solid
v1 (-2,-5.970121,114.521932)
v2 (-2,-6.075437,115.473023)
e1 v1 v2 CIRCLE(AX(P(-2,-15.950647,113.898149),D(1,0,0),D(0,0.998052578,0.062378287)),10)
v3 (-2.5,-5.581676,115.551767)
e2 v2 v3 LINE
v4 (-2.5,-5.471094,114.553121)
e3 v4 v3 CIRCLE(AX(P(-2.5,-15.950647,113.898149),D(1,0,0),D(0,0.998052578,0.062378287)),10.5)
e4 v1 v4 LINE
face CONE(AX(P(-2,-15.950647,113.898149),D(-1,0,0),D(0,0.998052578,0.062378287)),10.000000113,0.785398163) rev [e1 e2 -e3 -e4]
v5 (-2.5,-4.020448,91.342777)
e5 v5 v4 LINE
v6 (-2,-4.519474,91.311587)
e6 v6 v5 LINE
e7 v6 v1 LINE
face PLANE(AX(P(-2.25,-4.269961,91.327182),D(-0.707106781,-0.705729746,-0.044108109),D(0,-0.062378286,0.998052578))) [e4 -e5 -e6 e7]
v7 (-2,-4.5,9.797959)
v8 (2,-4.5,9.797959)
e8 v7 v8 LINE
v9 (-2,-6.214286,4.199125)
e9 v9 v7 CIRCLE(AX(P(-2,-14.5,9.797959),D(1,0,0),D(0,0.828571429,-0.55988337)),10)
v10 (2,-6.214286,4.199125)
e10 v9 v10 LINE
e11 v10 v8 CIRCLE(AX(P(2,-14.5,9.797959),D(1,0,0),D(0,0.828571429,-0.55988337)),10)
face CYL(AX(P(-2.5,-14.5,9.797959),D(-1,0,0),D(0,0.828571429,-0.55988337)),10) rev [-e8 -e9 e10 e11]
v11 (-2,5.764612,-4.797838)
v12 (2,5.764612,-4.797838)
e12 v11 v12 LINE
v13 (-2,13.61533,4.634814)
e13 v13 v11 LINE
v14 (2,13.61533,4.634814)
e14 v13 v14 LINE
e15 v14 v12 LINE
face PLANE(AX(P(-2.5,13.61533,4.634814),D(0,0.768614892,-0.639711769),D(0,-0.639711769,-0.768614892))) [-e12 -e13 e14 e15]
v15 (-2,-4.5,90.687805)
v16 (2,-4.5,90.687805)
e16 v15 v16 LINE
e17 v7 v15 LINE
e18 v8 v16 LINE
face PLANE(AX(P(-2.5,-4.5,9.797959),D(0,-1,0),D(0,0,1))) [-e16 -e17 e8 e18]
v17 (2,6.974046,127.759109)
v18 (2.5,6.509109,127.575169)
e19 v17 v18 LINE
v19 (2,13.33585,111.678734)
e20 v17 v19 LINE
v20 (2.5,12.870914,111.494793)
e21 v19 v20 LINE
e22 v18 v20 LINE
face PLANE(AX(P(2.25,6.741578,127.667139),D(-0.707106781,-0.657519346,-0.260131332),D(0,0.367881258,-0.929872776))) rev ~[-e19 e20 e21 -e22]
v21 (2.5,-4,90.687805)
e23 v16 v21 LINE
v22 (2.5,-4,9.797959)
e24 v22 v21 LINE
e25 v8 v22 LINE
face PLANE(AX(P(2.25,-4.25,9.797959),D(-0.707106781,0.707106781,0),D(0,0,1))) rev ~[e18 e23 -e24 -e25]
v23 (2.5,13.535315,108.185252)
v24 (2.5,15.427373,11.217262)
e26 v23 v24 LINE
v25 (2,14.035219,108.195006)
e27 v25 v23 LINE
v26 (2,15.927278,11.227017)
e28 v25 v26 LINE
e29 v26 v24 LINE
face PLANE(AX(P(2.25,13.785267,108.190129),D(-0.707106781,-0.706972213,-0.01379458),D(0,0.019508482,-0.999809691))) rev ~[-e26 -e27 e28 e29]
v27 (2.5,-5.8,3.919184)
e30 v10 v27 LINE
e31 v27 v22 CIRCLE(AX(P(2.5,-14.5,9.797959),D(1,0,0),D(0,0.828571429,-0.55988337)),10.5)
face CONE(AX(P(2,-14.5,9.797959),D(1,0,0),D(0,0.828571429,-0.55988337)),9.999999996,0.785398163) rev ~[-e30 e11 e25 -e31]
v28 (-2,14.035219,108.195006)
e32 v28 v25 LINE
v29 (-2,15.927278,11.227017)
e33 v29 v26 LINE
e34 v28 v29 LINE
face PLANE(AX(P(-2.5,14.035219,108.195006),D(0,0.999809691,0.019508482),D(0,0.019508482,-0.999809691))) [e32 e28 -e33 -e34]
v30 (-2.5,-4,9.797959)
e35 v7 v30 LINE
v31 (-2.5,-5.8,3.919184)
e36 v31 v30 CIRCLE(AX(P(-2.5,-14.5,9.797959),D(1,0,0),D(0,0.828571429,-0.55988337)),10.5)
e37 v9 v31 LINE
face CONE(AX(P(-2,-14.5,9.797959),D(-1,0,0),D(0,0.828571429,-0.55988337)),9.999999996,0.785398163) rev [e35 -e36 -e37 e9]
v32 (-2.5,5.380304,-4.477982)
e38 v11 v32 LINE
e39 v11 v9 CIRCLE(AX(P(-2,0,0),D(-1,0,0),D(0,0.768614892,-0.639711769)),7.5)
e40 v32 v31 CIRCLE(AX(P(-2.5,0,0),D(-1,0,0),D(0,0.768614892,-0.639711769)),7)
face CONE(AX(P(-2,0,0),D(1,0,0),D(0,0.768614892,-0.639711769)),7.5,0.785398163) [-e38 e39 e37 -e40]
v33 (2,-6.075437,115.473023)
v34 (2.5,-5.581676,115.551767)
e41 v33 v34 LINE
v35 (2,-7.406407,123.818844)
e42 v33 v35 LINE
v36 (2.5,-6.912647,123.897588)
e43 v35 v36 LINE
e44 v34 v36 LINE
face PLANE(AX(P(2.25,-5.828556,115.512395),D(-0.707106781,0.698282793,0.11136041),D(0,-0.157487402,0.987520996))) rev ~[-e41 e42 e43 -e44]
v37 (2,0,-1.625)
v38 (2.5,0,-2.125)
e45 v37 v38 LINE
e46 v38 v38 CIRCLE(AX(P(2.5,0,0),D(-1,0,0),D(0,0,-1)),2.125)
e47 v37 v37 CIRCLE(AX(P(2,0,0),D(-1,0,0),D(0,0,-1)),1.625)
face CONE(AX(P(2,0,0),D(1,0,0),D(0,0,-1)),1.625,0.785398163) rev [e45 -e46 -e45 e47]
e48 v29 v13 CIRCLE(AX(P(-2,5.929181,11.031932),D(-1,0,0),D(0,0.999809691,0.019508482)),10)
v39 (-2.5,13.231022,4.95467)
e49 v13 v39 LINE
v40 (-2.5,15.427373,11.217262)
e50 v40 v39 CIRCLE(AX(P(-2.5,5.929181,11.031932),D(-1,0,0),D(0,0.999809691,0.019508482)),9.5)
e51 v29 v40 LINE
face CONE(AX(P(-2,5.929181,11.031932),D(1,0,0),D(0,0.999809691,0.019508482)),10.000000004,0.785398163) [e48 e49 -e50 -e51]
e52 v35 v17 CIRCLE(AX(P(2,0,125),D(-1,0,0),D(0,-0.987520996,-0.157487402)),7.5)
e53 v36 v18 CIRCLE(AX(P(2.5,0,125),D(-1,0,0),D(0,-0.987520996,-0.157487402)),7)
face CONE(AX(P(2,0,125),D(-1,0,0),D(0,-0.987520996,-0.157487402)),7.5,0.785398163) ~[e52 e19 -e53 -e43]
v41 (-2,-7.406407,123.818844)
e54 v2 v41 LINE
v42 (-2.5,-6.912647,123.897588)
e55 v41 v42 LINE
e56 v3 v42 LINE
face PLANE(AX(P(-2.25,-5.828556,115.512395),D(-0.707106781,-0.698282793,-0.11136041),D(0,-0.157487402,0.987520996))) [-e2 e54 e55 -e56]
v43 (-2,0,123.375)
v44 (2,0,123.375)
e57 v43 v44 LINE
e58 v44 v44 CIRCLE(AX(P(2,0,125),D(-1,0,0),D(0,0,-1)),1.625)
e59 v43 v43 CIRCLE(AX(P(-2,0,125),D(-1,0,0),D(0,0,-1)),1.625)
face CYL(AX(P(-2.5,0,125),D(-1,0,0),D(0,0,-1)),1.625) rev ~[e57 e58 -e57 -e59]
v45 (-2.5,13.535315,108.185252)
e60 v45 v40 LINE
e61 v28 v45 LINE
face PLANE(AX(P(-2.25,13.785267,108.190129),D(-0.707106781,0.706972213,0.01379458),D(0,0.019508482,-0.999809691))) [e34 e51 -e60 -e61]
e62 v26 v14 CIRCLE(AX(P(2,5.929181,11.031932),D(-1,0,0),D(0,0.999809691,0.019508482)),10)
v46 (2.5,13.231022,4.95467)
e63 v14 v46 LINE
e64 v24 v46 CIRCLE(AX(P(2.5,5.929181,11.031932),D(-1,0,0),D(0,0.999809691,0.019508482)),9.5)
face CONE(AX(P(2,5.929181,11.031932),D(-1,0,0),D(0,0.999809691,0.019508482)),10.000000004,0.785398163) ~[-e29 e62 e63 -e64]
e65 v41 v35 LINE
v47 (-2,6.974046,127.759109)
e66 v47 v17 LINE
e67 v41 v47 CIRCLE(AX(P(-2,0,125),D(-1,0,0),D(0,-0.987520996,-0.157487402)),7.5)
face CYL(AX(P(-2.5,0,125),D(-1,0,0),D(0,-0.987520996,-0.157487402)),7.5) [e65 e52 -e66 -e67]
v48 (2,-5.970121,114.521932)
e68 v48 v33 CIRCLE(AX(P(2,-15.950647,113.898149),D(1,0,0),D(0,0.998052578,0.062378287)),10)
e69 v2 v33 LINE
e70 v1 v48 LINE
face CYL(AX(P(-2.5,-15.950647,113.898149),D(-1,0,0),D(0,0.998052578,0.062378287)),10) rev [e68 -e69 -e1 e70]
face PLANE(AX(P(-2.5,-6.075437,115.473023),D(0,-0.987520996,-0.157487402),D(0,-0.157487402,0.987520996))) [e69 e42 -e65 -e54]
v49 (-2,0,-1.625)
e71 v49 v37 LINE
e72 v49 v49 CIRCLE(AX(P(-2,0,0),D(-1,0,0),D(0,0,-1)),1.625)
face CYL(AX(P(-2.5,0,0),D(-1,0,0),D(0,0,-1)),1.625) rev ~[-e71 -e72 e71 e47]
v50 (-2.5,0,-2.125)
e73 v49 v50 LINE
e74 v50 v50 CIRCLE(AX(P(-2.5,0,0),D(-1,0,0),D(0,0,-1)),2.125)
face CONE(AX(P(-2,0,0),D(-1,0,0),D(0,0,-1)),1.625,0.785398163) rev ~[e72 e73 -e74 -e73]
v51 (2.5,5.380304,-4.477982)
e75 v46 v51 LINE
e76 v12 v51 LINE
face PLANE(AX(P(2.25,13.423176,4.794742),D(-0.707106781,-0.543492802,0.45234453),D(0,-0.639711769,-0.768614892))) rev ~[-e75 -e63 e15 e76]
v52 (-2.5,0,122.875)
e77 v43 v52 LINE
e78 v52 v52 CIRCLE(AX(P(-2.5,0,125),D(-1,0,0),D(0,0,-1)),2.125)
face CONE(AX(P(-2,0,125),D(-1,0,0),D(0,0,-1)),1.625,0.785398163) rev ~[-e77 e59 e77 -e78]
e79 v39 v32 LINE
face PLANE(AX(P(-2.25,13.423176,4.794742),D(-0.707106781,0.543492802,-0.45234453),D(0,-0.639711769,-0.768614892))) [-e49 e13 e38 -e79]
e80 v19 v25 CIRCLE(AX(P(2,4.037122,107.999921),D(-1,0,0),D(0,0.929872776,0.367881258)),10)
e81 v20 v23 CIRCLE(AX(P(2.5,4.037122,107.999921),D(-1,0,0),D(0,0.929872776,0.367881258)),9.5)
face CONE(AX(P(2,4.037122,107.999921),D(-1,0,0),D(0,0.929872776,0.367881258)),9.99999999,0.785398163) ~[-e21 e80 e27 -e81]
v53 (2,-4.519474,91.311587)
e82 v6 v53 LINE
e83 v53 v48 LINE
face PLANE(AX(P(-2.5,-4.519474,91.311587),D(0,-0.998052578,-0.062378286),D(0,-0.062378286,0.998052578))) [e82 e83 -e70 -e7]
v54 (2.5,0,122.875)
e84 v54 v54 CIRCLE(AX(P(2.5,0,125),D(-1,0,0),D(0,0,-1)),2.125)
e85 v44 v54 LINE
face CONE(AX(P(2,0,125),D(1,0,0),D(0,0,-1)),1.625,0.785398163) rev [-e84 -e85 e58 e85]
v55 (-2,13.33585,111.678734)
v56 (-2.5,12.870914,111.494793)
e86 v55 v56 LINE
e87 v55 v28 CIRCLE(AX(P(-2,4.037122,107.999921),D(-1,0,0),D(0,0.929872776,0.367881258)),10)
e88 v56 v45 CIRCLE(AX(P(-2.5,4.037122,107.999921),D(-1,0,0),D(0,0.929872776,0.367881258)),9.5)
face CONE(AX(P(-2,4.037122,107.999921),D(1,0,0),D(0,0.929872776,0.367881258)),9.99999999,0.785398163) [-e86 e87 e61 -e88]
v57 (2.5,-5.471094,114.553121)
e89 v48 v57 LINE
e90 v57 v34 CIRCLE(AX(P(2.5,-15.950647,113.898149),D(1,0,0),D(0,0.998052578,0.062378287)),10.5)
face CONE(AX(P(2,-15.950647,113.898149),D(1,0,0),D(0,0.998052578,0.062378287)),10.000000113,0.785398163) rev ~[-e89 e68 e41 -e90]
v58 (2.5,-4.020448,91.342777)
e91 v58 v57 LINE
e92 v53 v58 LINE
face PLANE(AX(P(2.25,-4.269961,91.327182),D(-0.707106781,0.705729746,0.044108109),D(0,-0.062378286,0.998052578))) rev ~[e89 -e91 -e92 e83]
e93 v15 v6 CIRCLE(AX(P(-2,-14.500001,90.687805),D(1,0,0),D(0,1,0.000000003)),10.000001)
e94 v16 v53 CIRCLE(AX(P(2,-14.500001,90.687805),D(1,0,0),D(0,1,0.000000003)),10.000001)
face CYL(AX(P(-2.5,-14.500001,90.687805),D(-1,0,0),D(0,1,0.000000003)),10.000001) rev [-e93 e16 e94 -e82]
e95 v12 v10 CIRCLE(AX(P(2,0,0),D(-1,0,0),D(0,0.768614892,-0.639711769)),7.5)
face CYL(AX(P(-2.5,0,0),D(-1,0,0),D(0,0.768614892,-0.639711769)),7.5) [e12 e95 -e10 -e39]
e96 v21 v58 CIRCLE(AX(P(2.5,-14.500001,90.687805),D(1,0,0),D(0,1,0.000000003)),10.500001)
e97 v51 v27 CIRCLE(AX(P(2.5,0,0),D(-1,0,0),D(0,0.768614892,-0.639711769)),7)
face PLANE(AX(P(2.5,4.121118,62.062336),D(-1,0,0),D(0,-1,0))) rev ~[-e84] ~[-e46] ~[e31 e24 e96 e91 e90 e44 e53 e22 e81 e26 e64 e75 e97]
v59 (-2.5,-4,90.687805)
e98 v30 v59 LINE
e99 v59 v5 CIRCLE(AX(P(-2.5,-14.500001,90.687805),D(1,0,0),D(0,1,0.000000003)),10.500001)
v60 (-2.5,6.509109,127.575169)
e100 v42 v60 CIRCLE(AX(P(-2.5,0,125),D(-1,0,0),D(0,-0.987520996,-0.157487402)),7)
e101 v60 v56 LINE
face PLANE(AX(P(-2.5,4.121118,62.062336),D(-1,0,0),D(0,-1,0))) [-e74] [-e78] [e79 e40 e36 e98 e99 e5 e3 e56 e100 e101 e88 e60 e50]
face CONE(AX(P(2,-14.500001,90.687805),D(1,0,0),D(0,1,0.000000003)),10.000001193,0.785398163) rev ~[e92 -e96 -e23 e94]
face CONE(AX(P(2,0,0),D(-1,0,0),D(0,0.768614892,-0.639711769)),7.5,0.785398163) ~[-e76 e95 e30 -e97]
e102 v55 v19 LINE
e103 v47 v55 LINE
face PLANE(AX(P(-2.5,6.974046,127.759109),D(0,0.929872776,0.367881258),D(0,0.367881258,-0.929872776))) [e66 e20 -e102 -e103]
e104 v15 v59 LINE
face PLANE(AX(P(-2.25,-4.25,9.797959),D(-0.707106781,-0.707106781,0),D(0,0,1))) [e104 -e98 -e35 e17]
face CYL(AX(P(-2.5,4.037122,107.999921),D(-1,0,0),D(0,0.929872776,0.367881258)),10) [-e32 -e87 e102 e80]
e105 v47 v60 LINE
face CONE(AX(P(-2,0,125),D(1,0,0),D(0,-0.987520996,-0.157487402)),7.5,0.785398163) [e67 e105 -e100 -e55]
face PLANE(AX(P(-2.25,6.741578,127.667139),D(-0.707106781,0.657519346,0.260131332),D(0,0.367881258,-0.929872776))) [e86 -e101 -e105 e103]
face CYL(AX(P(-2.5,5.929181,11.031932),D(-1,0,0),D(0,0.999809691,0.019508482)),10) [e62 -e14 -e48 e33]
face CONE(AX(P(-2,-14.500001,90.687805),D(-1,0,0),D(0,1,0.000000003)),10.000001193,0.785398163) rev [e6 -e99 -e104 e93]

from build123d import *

# Parameters (mm, degrees)
SKETCH_1_R      = 1.625
SKETCH_1_R_2    = 1.575
EXTRUDE_1_DEPTH = 5
CHAMFER_1_SIZE  = 0.5
EXTRUDE_2_DEPTH = 5
EXTRUDE_3_DEPTH = 5


with BuildPart() as part:
    # 草图1 → 凸台-拉伸1 (new body)
    with BuildSketch(Plane(origin=(-2.5, 0, 0), x_dir=(0, -1, 0), z_dir=(-1, 0, 0))):
        with BuildLine():
            Line((-13.615329727, 4.634814191), (-5.764611689, -4.797838271))
            ThreePointArc((-5.764611689, -4.797838271), (4.504097017, -5.996925051), (6.214285714, 4.199125273))
            ThreePointArc((6.214285714, 4.199125273), (4.938171125, 6.870258752), (4.5, 9.797958971))
            Line((4.5, 9.797958971), (4.5, 90.687804581))
            ThreePointArc((4.5, 90.687804581), (4.50486974, 90.999847969), (4.519474215, 91.311587443))
            Line((4.519474215, 91.311587443), (5.970120756, 114.521932102))
            ThreePointArc((5.970120756, 114.521932102), (6.011395859, 114.998738119), (6.075436578, 115.473023263))
            Line((6.075436578, 115.473023263), (7.406407472, 123.818844483))
            ThreePointArc((7.406407472, 123.818844483), (1.981957648, 132.233383985), (-6.974045822, 127.759109434))
            Line((-6.974045822, 127.759109434), (-13.335850238, 111.678734019))
            ThreePointArc((-13.335850238, 111.678734019), (-13.841506721, 109.968181983), (-14.03521939, 108.195006258))
            Line((-14.03521939, 108.195006258), (-15.927277723, 11.227016703))
            ThreePointArc((-15.927277723, 11.227016703), (-15.365674922, 7.722463826), (-13.615329727, 4.634814191))
        make_face()
        with Locations(Location((0, 125, 0), (0, 0, 270))):
            Circle(SKETCH_1_R, mode=Mode.SUBTRACT)
        with Locations(Location((-8.5, 23.5, 0), (0, 0, 270))):
            Circle(SKETCH_1_R_2, mode=Mode.SUBTRACT)
        with Locations(Location((-5, 106.5, 0), (0, 0, 270))):
            Circle(SKETCH_1_R_2, mode=Mode.SUBTRACT)
        with Locations(Location((0, 0, 0), (0, 0, 270))):
            Circle(SKETCH_1_R, mode=Mode.SUBTRACT)
        with BuildLine():
            Line((-8.259933132, 32.545201991), (-6.991881816, 97.532831936))
            ThreePointArc((-6.991881816, 97.532831936), (-4.95324547, 99.493434355), (-2.992643051, 97.454798009))
            Line((-2.992643051, 97.454798009), (-4.260694367, 32.467168064))
            ThreePointArc((-4.260694367, 32.467168064), (-6.299330713, 30.506565645), (-8.259933132, 32.545201991))
        make_face(mode=Mode.SUBTRACT)
    extrude(amount=-EXTRUDE_1_DEPTH)

    # 倒角1
    chamfer_1_edges = [part.edges().sort_by_distance(p)[0] for p in [
        (2.5, -4.504097017, -5.996925051),
        (-2.5, 14.981248556, 59.71101148),
        (-2.5, 13.841506721, 109.968181983),
        (-2.5, 10.15494803, 119.718921727),
        (-2.5, -1.981957648, 132.233383985),
        (-2.5, -6.740922025, 119.645933873),
        (-2.5, -6.011395859, 114.998738119),
        (-2.5, -5.244797486, 102.916759772),
        (-2.5, -4.50486974, 90.999847969),
        (-2.5, -4.5, 50.242881776),
        (-2.5, -4.938171125, 6.870258752),
        (2.5, -4.938171125, 6.870258752),
        (-2.5, -4.504097017, -5.996925051),
        (-2.5, 9.689970708, -0.08151204),
        (-2.5, 15.365674922, 7.722463826),
        (2.5, -4.5, 50.242881776),
        (2.5, -4.50486974, 90.999847969),
        (2.5, -5.244797486, 102.916759772),
        (2.5, -6.011395859, 114.998738119),
        (2.5, 0, 126.625),
        (-2.5, 0, 126.625),
        (2.5, -6.740922025, 119.645933873),
        (2.5, 8.5, 25.075),
        (-2.5, 8.5, 25.075),
        (2.5, -1.981957648, 132.233383985),
        (2.5, 6.299330713, 30.506565645),
        (2.5, 7.625907474, 65.039016964),
        (2.5, 4.95324547, 99.493434355),
        (2.5, 3.626668709, 64.960983036),
        (2.5, 10.15494803, 119.718921727),
        (-2.5, 6.299330713, 30.506565645),
        (-2.5, 3.626668709, 64.960983036),
        (-2.5, 4.95324547, 99.493434355),
        (-2.5, 7.625907474, 65.039016964),
        (2.5, 13.841506721, 109.968181983),
        (2.5, 15.365674922, 7.722463826),
        (2.5, 14.981248556, 59.71101148),
        (2.5, 5, 108.075),
        (-2.5, 5, 108.075),
        (2.5, 0, 1.625),
        (-2.5, 0, 1.625),
        (2.5, 9.689970708, -0.08151204),
    ]]
    chamfer(chamfer_1_edges, length=CHAMFER_1_SIZE)

    # Sketch 3D_1 → 凸台-拉伸2 (add)
    with BuildSketch(Plane(origin=(2.5, -0.12857826, 115.032359126), x_dir=(0, -0.013604097539647628, -0.9999074599832386), z_dir=(1, 0, 0))):
        Polygon((0, 0), (96.922582011, 1.318666289), (96.940522936, 0), (0.017940925, -1.318666289), align=None)
    extrude(amount=-EXTRUDE_2_DEPTH)

    # Sketch 3D_2 → 凸台-拉伸3 (add)
    with BuildSketch(Plane(origin=(2.5, 7.131907218, 114.778535538), x_dir=(0, -0.036322969616865465, -0.9993401032072177), z_dir=(1, 0, 0))):
        Polygon((0, 0), (17.760330703, 3.73858914), (75.88295175, 7.788553229), (95.2811606, 9.140213698), (100.246342151, 0), (71.295283996, -6.76874803), (5.48633166, -7.137591509), align=None)
    extrude(amount=-EXTRUDE_3_DEPTH)


solid = part.part
